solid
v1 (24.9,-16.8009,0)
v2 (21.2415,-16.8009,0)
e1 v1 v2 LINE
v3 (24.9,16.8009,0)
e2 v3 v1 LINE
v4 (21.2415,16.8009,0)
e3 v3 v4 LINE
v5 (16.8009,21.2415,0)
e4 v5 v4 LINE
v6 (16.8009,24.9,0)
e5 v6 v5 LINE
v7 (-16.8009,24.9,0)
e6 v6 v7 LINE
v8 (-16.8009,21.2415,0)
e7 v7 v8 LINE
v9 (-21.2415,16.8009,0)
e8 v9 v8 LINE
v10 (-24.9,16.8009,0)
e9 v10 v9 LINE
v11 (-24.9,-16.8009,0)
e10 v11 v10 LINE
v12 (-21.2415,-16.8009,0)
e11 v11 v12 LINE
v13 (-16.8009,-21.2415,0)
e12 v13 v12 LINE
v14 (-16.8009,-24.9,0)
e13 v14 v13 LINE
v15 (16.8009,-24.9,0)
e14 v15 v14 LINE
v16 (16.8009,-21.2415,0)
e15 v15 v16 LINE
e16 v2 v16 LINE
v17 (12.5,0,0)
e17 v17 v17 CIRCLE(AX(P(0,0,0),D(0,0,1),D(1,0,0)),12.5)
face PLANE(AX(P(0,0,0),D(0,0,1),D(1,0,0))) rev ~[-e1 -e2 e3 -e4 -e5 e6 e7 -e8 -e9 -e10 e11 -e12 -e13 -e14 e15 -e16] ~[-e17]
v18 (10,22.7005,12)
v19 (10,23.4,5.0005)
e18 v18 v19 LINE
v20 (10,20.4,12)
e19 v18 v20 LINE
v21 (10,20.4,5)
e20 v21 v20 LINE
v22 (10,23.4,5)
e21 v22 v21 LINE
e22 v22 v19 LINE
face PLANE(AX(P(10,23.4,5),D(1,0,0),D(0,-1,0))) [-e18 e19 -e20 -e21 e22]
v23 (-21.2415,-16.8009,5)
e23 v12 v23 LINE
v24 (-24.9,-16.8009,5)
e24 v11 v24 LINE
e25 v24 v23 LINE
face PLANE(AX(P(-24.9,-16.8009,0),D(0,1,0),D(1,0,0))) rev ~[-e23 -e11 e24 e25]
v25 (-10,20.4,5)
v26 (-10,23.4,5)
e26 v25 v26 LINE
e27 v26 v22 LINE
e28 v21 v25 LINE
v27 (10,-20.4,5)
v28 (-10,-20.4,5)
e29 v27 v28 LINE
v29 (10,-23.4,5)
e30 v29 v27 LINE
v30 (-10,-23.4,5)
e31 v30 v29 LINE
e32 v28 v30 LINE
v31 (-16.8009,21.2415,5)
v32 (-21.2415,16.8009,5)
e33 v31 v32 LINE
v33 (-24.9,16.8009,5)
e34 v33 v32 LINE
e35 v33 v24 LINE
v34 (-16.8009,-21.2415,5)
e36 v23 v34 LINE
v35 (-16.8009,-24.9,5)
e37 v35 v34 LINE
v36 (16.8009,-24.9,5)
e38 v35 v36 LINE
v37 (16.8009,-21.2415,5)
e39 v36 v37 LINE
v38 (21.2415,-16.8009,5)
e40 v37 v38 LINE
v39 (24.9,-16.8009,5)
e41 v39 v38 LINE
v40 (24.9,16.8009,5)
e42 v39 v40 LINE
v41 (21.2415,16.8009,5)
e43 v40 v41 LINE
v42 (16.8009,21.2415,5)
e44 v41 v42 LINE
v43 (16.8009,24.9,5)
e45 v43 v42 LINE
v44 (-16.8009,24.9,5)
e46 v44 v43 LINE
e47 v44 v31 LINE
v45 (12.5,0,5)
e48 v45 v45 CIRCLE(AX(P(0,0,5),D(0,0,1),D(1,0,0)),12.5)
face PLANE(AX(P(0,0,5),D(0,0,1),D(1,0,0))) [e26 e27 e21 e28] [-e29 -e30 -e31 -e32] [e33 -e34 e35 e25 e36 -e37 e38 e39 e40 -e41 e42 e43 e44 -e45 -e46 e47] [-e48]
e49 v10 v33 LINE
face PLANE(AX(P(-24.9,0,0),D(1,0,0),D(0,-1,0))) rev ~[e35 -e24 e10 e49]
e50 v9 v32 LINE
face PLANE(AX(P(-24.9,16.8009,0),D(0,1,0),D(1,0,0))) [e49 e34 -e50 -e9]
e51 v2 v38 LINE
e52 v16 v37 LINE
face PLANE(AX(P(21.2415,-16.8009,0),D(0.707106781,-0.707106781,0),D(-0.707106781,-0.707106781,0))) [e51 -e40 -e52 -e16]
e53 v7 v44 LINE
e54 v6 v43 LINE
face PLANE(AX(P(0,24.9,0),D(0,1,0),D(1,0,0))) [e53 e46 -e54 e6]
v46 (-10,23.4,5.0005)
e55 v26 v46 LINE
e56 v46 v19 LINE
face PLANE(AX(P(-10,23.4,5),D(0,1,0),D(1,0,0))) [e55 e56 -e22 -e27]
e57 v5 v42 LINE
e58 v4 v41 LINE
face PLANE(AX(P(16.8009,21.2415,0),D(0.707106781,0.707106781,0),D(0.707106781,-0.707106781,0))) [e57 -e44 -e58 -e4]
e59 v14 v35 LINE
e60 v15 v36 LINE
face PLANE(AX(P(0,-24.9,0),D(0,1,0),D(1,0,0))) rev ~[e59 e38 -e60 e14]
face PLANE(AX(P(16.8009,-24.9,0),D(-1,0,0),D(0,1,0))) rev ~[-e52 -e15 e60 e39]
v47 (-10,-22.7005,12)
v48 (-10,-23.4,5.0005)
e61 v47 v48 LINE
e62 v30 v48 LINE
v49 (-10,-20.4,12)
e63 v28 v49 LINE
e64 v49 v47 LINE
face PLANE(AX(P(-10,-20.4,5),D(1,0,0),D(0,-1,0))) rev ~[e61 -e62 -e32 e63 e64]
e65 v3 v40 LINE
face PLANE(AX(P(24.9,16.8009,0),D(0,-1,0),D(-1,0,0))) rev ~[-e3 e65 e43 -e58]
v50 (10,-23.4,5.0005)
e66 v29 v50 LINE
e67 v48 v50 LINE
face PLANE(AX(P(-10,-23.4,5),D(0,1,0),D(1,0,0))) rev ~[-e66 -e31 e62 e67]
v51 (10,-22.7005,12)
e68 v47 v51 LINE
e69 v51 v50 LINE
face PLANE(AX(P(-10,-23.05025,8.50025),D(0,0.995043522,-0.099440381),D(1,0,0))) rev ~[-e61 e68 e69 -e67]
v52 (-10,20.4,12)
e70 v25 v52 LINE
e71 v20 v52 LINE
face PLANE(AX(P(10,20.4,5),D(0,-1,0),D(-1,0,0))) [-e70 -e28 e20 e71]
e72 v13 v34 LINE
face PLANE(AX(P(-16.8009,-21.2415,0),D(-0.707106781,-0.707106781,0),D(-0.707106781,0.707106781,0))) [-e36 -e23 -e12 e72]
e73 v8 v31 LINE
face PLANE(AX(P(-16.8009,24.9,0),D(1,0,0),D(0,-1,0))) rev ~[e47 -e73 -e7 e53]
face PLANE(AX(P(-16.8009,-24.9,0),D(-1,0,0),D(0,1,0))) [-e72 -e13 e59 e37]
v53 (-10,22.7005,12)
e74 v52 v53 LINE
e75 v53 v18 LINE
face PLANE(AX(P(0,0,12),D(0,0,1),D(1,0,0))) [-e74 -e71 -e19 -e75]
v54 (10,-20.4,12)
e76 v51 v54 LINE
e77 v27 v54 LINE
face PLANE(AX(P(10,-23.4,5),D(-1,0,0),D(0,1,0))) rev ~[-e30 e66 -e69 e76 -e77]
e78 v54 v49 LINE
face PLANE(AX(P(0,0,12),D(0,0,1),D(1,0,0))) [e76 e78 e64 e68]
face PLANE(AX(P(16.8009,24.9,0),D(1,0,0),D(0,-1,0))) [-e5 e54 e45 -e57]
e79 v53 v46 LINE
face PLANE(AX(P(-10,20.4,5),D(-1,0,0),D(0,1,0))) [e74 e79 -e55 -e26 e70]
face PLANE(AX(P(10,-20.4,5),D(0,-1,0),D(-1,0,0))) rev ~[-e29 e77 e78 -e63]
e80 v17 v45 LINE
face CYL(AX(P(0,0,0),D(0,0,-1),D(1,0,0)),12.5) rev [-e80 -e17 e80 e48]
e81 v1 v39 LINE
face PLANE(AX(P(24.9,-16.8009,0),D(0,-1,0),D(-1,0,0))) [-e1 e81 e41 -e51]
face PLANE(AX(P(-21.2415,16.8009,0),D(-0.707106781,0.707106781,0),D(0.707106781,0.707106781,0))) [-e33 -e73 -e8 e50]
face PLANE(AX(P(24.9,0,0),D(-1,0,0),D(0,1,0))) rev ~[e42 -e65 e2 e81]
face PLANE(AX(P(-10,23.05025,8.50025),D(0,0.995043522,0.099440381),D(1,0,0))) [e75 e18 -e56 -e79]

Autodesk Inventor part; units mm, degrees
ref_plane "YZ Plane" through (0, 0, 0) normal (1, 0, 0) x (0, 1, 0)
ref_plane "XZ Plane" through (0, 0, 0) normal (0, 1, 0) x (-1, 0, 0)
ref_plane "XY Plane" through (0, 0, 0) normal (0, 0, 1) x (1, 0, 0)
sketch "Sketch1" plane through (0, 0, 0) normal (0, 0, 1) x (1, 0, 0)
  line L0 (-34.86, 0) -> (34.86, 0) construction
  line L1 (0, -34.86) -> (0, 34.86) construction
  line L2 (0, 0) -> (11.1575, 11.1575) construction
  line L3 (0, 0) -> (15.7791, 0) construction
  line L4 (0, 24.9) -> (16.8009, 24.9)
  line L5 (16.8009, 24.9) -> (16.8009, 21.2415)
  line L6 (16.8009, 21.2415) -> (19.0212, 19.0212)
  line L7 (24.9, 0) -> (24.9, 16.8009)
  line L8 (24.9, 16.8009) -> (21.2415, 16.8009)
  line L9 (21.2415, 16.8009) -> (19.0212, 19.0212)
  line L10 (0, -24.9) -> (16.8009, -24.9)
  line L11 (16.8009, -24.9) -> (16.8009, -21.2415)
  line L12 (16.8009, -21.2415) -> (19.0212, -19.0212)
  line L13 (24.9, 0) -> (24.9, -16.8009)
  line L14 (24.9, -16.8009) -> (21.2415, -16.8009)
  line L15 (21.2415, -16.8009) -> (19.0212, -19.0212)
  line L16 (0, 24.9) -> (-16.8009, 24.9)
  line L17 (-16.8009, 24.9) -> (-16.8009, 21.2415)
  line L18 (-16.8009, 21.2415) -> (-19.0212, 19.0212)
  line L19 (-24.9, 16.8009) -> (-21.2415, 16.8009)
  line L20 (-21.2415, 16.8009) -> (-19.0212, 19.0212)
  line L21 (0, -24.9) -> (-16.8009, -24.9)
  line L22 (-16.8009, -24.9) -> (-16.8009, -21.2415)
  line L23 (-16.8009, -21.2415) -> (-19.0212, -19.0212)
  line L24 (-21.2415, -16.8009) -> (-19.0212, -19.0212)
  line L25 (-24.9, -16.8009) -> (-21.2415, -16.8009)
  line L26 (-24.9, 0) -> (-24.9, -16.8009)
  line L27 (-24.9, 0) -> (-24.9, 16.8009)
  circle A0 centre (0, 0) radius 12.5
  dimension "d0" = 45
  dimension "d2" = 24.9
  dimension "d3" = 3.14
  dimension "d4" = 26.9
  dimension "d5" = 25
extrude "Extrusion1" add sketch "Sketch1" along normal blind 5
sketch "Sketch2" plane through (0, 0, 5) normal (0, 0, 1) x (1, 0, 0)
  circle A0 centre (0, 0) radius 12.5 projected
  line L0 (16.8009, 24.9) -> (-16.8009, 24.9) projected
  line L1 (-16.8009, 24.9) -> (-16.8009, 21.2415) projected
  line L2 (-16.8009, 21.2415) -> (-21.2415, 16.8009) projected
  line L3 (-21.2415, 16.8009) -> (-24.9, 16.8009) projected
  line L4 (-24.9, 16.8009) -> (-24.9, -16.8009) projected
  line L5 (-24.9, -16.8009) -> (-21.2415, -16.8009) projected
  line L6 (-21.2415, -16.8009) -> (-16.8009, -21.2415) projected
  line L7 (-16.8009, -21.2415) -> (-16.8009, -24.9) projected
  line L8 (-16.8009, -24.9) -> (16.8009, -24.9) projected
  line L9 (16.8009, -24.9) -> (16.8009, -21.2415) projected
  line L10 (16.8009, -21.2415) -> (21.2415, -16.8009) projected
  line L11 (21.2415, -16.8009) -> (24.9, -16.8009) projected
  line L12 (24.9, -16.8009) -> (24.9, 16.8009) projected
  line L13 (24.9, 16.8009) -> (21.2415, 16.8009) projected
  line L14 (21.2415, 16.8009) -> (16.8009, 21.2415) projected
  line L15 (16.8009, 21.2415) -> (16.8009, 24.9) projected
  line L16 (-34.86, 0) -> (34.86, 0) construction
  line L17 (0, -34.86) -> (0, 34.86) construction
  line L18 (-10, 23.4) -> (10, 23.4)
  line L19 (10, 23.4) -> (10, 20.4)
  line L20 (10, 20.4) -> (-10, 20.4)
  line L21 (-10, 20.4) -> (-10, 23.4)
  line L22 (-10, -23.4) -> (10, -23.4)
  line L23 (10, -23.4) -> (10, -20.4)
  line L24 (10, -20.4) -> (-10, -20.4)
  line L25 (-10, -20.4) -> (-10, -23.4)
  dimension "d8" = 20
  dimension "d9" = 3
  dimension "d10" = 1.5
  dimension "d19" = 40.8
  dimension "d20" = 46.8
extrude "Extrusion2" add sketch "Sketch2" along normal blind 7 contours L18 L19 L20 L21 | L25 L24 L23 L22
chamfer "Fase1" distance 0.7 distance2 7 1 edges at (0, 23.4, 12) measured on face at (3.3333, 21.4, 12)
chamfer "Fase2" distance 0.7 distance2 7 1 edges at (0, -23.4, 12) measured on face at (-3.3333, -21.4, 12)
properties part number "20_Cube_insert_Sample_holder"
